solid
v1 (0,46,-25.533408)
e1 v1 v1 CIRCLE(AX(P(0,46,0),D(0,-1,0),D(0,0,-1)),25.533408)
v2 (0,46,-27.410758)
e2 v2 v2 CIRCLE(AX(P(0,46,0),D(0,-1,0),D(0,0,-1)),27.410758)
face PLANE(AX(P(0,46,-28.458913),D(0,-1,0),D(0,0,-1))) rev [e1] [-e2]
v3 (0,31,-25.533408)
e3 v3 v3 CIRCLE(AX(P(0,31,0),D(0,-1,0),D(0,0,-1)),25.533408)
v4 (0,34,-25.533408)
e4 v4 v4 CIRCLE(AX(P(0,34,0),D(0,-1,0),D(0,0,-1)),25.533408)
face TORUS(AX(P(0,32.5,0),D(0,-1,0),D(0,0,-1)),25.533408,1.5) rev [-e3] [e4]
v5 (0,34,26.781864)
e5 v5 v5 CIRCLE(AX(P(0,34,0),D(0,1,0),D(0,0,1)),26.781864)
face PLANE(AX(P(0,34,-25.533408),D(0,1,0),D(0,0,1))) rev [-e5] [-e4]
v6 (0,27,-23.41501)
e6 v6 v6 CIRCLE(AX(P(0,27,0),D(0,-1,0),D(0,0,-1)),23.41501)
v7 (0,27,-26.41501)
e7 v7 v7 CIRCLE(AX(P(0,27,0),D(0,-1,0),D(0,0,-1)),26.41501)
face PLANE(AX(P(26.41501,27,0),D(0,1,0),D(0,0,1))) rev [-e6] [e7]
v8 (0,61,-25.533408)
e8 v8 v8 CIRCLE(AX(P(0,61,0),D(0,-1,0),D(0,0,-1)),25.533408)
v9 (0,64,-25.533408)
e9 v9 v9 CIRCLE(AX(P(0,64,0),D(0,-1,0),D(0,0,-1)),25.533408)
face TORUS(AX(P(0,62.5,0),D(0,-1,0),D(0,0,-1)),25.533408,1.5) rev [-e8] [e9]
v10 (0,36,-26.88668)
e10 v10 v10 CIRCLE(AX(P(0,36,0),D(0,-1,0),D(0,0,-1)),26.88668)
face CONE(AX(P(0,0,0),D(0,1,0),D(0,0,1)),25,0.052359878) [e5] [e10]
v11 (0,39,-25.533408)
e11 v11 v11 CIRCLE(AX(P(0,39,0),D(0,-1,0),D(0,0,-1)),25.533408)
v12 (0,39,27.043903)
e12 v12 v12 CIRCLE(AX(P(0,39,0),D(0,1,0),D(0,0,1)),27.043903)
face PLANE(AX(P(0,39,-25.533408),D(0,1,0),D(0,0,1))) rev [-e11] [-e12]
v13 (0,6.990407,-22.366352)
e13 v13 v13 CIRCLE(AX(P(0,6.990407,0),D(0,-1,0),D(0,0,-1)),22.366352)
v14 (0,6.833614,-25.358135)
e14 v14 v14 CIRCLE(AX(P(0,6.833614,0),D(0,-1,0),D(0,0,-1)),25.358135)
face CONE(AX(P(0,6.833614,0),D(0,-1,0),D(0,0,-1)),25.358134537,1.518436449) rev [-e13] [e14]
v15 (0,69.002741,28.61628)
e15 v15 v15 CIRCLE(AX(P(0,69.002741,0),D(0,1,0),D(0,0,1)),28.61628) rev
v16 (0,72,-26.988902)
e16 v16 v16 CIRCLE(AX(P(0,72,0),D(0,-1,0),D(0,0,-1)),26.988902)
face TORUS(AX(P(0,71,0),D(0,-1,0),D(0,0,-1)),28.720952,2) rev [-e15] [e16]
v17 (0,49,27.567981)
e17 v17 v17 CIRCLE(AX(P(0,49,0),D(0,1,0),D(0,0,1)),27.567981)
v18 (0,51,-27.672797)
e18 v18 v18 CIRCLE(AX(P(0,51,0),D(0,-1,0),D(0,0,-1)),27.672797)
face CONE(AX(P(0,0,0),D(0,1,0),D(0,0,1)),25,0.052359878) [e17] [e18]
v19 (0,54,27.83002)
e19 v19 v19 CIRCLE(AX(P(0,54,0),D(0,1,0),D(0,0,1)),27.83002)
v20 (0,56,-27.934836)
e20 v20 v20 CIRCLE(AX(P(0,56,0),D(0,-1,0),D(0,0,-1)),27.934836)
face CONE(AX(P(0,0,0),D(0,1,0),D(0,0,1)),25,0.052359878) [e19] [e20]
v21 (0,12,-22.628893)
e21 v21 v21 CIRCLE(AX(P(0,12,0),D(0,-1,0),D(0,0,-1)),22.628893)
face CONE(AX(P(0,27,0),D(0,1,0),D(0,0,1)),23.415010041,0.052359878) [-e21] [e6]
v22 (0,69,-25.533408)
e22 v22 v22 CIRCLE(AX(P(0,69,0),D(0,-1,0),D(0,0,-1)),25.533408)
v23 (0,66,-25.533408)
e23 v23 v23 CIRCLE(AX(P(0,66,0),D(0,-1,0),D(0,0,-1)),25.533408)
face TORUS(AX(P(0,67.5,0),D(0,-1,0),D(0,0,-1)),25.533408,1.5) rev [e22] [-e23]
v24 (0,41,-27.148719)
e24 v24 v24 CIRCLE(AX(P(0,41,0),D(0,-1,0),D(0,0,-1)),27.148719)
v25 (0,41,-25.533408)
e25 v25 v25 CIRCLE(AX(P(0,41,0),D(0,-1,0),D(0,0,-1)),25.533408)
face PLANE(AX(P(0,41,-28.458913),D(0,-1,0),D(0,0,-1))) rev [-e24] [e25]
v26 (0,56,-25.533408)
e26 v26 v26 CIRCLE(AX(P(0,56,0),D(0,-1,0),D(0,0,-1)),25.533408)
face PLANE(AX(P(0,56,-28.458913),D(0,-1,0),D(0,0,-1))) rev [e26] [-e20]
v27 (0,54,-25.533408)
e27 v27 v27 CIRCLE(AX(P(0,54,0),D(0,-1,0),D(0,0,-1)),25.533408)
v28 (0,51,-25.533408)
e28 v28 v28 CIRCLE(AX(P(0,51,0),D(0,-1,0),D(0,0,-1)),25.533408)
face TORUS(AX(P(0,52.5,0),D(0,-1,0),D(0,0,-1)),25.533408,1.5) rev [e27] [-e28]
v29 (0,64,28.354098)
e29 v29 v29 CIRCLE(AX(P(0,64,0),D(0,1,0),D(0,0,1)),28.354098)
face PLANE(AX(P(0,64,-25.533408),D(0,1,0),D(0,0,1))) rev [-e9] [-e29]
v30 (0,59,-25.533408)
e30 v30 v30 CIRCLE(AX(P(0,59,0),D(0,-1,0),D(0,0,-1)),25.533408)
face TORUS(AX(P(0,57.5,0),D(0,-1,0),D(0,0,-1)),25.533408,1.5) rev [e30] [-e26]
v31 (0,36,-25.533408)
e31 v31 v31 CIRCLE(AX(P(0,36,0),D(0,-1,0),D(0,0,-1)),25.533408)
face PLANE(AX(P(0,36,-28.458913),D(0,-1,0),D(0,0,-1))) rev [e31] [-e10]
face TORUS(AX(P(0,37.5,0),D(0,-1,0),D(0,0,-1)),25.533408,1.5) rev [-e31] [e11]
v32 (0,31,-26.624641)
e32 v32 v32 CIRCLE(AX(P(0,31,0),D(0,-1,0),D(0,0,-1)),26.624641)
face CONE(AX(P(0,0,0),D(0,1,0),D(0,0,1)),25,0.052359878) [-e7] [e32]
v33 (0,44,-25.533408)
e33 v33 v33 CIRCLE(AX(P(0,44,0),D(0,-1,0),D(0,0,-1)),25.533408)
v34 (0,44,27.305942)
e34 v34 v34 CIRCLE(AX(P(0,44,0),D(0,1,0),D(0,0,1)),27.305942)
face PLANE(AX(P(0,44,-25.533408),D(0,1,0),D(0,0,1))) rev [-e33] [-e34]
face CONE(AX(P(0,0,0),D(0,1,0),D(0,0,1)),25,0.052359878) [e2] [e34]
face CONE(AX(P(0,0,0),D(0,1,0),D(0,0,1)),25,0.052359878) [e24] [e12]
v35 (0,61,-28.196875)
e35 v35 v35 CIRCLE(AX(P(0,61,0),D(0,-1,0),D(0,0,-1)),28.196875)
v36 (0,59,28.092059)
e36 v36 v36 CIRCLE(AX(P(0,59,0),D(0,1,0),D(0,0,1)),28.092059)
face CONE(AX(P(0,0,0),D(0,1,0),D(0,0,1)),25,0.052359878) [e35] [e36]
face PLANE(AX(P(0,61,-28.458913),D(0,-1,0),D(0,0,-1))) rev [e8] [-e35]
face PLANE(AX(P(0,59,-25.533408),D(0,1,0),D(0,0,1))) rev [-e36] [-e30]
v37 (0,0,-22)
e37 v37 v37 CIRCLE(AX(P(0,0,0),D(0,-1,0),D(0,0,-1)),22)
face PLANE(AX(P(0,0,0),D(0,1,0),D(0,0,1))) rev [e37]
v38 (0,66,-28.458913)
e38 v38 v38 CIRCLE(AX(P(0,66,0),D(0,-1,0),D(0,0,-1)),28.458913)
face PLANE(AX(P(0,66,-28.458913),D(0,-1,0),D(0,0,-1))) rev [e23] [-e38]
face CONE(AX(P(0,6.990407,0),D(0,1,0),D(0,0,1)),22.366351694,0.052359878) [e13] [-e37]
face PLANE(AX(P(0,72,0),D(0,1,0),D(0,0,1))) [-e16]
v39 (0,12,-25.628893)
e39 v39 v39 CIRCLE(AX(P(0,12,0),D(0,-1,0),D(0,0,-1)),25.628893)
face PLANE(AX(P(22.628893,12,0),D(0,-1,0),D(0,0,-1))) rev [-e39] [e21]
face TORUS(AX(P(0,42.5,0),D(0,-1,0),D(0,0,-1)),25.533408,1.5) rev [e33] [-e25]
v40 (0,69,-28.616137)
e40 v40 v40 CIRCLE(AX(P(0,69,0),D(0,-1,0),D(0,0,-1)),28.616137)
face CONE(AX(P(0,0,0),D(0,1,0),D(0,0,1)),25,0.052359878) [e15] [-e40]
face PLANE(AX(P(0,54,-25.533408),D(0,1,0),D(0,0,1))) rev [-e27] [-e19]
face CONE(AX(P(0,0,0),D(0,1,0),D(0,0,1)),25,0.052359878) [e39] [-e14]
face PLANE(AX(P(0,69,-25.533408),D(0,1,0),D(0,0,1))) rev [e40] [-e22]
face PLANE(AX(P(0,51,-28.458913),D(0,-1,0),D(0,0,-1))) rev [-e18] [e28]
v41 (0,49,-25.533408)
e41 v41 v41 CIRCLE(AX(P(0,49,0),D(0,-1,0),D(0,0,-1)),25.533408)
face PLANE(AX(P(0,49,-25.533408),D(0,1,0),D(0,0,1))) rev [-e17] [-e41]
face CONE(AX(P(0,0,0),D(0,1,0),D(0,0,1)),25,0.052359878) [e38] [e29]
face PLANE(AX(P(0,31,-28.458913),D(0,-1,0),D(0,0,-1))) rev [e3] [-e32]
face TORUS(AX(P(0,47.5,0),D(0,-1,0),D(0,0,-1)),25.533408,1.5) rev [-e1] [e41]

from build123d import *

# Parameters (mm, degrees)
SKETCH1_R           = 25
BOSS_EXTRUDE1_DEPTH = 72
BOSS_EXTRUDE1_DRAFT = -3
LPATTERN1_COUNT     = 8
LPATTERN1_PITCH     = 5
SKETCH5_R           = 2


with BuildPart() as part:
    # Sketch1 → Boss-Extrude1 (with draft: the straight prism first)
    with BuildSketch(Plane(origin=(0, 0, 0), x_dir=(1, 0, 0), z_dir=(0, 1, 0))):
        Circle(SKETCH1_R)
    extrude(amount=BOSS_EXTRUDE1_DEPTH)
    # Boss-Extrude1: the draft: its side faces are tilted about the plane it starts from
    boss_extrude1_sides = [part.faces().sort_by_distance(p)[0] for p in [
        (-25, 36, 0),
    ]]
    draft(boss_extrude1_sides, Plane(origin=(0, 0, 0), x_dir=(1, 0, 0), z_dir=(0, 1, 0)), BOSS_EXTRUDE1_DRAFT)

    # Sketch3 → Cut-Revolve1 (revolve, cut)
    with BuildSketch(Plane.XY, mode=Mode.PRIVATE) as cut_revolve1_sk:
        Polygon((22.366351694, 6.990406743), (22, 0), (25, 0), (25.358134537, 6.833614048), align=None)
        Polygon((23.415010041, 27), (22.628893351, 12), (25.628893351, 12), (26.415010041, 27), align=None)
    revolve(cut_revolve1_sk.sketch.rotate(Axis((0, 0, 0), (0, 1, 0)), 90), axis=Axis((0, 0, 0), (0, 1, 0)), mode=Mode.SUBTRACT)

    # Sketch4 → Cut-Revolve2 (revolve, cut)
    with BuildSketch(Plane(origin=(0, 0, 0), x_dir=(0, 0, -1), z_dir=(1, 0, 0))):
        with BuildLine():
            Line((25.533408064, 69), (28.616136771, 69))
            Line((28.616136771, 69), (28.458913433, 66))
            Line((28.458913433, 66), (25.533408064, 66))
            ThreePointArc((25.533408064, 66), (24.033408064, 67.5), (25.533408064, 69))
        make_face()
    cut_revolve2 = revolve(axis=Axis((0, 0, 0), (0, 1, 0)), mode=Mode.SUBTRACT)

    # LPattern1: Cut-Revolve2 ×8
    with Locations(*[(0, -i * LPATTERN1_PITCH, 0) for i in range(1, LPATTERN1_COUNT)]):
        add(cut_revolve2, mode=Mode.SUBTRACT)

    # Sketch5 → Cut-Revolve3 (revolve, cut)
    with BuildSketch(Plane.XY, mode=Mode.PRIVATE) as cut_revolve3_sk:
        with Locations((28.720952329, 71)):
            Circle(SKETCH5_R)
    revolve(cut_revolve3_sk.sketch.rotate(Axis((0, 0, 0), (0, 1, 0)), 270), axis=Axis((0, 0, 0), (0, 1, 0)), mode=Mode.SUBTRACT)


solid = part.part
